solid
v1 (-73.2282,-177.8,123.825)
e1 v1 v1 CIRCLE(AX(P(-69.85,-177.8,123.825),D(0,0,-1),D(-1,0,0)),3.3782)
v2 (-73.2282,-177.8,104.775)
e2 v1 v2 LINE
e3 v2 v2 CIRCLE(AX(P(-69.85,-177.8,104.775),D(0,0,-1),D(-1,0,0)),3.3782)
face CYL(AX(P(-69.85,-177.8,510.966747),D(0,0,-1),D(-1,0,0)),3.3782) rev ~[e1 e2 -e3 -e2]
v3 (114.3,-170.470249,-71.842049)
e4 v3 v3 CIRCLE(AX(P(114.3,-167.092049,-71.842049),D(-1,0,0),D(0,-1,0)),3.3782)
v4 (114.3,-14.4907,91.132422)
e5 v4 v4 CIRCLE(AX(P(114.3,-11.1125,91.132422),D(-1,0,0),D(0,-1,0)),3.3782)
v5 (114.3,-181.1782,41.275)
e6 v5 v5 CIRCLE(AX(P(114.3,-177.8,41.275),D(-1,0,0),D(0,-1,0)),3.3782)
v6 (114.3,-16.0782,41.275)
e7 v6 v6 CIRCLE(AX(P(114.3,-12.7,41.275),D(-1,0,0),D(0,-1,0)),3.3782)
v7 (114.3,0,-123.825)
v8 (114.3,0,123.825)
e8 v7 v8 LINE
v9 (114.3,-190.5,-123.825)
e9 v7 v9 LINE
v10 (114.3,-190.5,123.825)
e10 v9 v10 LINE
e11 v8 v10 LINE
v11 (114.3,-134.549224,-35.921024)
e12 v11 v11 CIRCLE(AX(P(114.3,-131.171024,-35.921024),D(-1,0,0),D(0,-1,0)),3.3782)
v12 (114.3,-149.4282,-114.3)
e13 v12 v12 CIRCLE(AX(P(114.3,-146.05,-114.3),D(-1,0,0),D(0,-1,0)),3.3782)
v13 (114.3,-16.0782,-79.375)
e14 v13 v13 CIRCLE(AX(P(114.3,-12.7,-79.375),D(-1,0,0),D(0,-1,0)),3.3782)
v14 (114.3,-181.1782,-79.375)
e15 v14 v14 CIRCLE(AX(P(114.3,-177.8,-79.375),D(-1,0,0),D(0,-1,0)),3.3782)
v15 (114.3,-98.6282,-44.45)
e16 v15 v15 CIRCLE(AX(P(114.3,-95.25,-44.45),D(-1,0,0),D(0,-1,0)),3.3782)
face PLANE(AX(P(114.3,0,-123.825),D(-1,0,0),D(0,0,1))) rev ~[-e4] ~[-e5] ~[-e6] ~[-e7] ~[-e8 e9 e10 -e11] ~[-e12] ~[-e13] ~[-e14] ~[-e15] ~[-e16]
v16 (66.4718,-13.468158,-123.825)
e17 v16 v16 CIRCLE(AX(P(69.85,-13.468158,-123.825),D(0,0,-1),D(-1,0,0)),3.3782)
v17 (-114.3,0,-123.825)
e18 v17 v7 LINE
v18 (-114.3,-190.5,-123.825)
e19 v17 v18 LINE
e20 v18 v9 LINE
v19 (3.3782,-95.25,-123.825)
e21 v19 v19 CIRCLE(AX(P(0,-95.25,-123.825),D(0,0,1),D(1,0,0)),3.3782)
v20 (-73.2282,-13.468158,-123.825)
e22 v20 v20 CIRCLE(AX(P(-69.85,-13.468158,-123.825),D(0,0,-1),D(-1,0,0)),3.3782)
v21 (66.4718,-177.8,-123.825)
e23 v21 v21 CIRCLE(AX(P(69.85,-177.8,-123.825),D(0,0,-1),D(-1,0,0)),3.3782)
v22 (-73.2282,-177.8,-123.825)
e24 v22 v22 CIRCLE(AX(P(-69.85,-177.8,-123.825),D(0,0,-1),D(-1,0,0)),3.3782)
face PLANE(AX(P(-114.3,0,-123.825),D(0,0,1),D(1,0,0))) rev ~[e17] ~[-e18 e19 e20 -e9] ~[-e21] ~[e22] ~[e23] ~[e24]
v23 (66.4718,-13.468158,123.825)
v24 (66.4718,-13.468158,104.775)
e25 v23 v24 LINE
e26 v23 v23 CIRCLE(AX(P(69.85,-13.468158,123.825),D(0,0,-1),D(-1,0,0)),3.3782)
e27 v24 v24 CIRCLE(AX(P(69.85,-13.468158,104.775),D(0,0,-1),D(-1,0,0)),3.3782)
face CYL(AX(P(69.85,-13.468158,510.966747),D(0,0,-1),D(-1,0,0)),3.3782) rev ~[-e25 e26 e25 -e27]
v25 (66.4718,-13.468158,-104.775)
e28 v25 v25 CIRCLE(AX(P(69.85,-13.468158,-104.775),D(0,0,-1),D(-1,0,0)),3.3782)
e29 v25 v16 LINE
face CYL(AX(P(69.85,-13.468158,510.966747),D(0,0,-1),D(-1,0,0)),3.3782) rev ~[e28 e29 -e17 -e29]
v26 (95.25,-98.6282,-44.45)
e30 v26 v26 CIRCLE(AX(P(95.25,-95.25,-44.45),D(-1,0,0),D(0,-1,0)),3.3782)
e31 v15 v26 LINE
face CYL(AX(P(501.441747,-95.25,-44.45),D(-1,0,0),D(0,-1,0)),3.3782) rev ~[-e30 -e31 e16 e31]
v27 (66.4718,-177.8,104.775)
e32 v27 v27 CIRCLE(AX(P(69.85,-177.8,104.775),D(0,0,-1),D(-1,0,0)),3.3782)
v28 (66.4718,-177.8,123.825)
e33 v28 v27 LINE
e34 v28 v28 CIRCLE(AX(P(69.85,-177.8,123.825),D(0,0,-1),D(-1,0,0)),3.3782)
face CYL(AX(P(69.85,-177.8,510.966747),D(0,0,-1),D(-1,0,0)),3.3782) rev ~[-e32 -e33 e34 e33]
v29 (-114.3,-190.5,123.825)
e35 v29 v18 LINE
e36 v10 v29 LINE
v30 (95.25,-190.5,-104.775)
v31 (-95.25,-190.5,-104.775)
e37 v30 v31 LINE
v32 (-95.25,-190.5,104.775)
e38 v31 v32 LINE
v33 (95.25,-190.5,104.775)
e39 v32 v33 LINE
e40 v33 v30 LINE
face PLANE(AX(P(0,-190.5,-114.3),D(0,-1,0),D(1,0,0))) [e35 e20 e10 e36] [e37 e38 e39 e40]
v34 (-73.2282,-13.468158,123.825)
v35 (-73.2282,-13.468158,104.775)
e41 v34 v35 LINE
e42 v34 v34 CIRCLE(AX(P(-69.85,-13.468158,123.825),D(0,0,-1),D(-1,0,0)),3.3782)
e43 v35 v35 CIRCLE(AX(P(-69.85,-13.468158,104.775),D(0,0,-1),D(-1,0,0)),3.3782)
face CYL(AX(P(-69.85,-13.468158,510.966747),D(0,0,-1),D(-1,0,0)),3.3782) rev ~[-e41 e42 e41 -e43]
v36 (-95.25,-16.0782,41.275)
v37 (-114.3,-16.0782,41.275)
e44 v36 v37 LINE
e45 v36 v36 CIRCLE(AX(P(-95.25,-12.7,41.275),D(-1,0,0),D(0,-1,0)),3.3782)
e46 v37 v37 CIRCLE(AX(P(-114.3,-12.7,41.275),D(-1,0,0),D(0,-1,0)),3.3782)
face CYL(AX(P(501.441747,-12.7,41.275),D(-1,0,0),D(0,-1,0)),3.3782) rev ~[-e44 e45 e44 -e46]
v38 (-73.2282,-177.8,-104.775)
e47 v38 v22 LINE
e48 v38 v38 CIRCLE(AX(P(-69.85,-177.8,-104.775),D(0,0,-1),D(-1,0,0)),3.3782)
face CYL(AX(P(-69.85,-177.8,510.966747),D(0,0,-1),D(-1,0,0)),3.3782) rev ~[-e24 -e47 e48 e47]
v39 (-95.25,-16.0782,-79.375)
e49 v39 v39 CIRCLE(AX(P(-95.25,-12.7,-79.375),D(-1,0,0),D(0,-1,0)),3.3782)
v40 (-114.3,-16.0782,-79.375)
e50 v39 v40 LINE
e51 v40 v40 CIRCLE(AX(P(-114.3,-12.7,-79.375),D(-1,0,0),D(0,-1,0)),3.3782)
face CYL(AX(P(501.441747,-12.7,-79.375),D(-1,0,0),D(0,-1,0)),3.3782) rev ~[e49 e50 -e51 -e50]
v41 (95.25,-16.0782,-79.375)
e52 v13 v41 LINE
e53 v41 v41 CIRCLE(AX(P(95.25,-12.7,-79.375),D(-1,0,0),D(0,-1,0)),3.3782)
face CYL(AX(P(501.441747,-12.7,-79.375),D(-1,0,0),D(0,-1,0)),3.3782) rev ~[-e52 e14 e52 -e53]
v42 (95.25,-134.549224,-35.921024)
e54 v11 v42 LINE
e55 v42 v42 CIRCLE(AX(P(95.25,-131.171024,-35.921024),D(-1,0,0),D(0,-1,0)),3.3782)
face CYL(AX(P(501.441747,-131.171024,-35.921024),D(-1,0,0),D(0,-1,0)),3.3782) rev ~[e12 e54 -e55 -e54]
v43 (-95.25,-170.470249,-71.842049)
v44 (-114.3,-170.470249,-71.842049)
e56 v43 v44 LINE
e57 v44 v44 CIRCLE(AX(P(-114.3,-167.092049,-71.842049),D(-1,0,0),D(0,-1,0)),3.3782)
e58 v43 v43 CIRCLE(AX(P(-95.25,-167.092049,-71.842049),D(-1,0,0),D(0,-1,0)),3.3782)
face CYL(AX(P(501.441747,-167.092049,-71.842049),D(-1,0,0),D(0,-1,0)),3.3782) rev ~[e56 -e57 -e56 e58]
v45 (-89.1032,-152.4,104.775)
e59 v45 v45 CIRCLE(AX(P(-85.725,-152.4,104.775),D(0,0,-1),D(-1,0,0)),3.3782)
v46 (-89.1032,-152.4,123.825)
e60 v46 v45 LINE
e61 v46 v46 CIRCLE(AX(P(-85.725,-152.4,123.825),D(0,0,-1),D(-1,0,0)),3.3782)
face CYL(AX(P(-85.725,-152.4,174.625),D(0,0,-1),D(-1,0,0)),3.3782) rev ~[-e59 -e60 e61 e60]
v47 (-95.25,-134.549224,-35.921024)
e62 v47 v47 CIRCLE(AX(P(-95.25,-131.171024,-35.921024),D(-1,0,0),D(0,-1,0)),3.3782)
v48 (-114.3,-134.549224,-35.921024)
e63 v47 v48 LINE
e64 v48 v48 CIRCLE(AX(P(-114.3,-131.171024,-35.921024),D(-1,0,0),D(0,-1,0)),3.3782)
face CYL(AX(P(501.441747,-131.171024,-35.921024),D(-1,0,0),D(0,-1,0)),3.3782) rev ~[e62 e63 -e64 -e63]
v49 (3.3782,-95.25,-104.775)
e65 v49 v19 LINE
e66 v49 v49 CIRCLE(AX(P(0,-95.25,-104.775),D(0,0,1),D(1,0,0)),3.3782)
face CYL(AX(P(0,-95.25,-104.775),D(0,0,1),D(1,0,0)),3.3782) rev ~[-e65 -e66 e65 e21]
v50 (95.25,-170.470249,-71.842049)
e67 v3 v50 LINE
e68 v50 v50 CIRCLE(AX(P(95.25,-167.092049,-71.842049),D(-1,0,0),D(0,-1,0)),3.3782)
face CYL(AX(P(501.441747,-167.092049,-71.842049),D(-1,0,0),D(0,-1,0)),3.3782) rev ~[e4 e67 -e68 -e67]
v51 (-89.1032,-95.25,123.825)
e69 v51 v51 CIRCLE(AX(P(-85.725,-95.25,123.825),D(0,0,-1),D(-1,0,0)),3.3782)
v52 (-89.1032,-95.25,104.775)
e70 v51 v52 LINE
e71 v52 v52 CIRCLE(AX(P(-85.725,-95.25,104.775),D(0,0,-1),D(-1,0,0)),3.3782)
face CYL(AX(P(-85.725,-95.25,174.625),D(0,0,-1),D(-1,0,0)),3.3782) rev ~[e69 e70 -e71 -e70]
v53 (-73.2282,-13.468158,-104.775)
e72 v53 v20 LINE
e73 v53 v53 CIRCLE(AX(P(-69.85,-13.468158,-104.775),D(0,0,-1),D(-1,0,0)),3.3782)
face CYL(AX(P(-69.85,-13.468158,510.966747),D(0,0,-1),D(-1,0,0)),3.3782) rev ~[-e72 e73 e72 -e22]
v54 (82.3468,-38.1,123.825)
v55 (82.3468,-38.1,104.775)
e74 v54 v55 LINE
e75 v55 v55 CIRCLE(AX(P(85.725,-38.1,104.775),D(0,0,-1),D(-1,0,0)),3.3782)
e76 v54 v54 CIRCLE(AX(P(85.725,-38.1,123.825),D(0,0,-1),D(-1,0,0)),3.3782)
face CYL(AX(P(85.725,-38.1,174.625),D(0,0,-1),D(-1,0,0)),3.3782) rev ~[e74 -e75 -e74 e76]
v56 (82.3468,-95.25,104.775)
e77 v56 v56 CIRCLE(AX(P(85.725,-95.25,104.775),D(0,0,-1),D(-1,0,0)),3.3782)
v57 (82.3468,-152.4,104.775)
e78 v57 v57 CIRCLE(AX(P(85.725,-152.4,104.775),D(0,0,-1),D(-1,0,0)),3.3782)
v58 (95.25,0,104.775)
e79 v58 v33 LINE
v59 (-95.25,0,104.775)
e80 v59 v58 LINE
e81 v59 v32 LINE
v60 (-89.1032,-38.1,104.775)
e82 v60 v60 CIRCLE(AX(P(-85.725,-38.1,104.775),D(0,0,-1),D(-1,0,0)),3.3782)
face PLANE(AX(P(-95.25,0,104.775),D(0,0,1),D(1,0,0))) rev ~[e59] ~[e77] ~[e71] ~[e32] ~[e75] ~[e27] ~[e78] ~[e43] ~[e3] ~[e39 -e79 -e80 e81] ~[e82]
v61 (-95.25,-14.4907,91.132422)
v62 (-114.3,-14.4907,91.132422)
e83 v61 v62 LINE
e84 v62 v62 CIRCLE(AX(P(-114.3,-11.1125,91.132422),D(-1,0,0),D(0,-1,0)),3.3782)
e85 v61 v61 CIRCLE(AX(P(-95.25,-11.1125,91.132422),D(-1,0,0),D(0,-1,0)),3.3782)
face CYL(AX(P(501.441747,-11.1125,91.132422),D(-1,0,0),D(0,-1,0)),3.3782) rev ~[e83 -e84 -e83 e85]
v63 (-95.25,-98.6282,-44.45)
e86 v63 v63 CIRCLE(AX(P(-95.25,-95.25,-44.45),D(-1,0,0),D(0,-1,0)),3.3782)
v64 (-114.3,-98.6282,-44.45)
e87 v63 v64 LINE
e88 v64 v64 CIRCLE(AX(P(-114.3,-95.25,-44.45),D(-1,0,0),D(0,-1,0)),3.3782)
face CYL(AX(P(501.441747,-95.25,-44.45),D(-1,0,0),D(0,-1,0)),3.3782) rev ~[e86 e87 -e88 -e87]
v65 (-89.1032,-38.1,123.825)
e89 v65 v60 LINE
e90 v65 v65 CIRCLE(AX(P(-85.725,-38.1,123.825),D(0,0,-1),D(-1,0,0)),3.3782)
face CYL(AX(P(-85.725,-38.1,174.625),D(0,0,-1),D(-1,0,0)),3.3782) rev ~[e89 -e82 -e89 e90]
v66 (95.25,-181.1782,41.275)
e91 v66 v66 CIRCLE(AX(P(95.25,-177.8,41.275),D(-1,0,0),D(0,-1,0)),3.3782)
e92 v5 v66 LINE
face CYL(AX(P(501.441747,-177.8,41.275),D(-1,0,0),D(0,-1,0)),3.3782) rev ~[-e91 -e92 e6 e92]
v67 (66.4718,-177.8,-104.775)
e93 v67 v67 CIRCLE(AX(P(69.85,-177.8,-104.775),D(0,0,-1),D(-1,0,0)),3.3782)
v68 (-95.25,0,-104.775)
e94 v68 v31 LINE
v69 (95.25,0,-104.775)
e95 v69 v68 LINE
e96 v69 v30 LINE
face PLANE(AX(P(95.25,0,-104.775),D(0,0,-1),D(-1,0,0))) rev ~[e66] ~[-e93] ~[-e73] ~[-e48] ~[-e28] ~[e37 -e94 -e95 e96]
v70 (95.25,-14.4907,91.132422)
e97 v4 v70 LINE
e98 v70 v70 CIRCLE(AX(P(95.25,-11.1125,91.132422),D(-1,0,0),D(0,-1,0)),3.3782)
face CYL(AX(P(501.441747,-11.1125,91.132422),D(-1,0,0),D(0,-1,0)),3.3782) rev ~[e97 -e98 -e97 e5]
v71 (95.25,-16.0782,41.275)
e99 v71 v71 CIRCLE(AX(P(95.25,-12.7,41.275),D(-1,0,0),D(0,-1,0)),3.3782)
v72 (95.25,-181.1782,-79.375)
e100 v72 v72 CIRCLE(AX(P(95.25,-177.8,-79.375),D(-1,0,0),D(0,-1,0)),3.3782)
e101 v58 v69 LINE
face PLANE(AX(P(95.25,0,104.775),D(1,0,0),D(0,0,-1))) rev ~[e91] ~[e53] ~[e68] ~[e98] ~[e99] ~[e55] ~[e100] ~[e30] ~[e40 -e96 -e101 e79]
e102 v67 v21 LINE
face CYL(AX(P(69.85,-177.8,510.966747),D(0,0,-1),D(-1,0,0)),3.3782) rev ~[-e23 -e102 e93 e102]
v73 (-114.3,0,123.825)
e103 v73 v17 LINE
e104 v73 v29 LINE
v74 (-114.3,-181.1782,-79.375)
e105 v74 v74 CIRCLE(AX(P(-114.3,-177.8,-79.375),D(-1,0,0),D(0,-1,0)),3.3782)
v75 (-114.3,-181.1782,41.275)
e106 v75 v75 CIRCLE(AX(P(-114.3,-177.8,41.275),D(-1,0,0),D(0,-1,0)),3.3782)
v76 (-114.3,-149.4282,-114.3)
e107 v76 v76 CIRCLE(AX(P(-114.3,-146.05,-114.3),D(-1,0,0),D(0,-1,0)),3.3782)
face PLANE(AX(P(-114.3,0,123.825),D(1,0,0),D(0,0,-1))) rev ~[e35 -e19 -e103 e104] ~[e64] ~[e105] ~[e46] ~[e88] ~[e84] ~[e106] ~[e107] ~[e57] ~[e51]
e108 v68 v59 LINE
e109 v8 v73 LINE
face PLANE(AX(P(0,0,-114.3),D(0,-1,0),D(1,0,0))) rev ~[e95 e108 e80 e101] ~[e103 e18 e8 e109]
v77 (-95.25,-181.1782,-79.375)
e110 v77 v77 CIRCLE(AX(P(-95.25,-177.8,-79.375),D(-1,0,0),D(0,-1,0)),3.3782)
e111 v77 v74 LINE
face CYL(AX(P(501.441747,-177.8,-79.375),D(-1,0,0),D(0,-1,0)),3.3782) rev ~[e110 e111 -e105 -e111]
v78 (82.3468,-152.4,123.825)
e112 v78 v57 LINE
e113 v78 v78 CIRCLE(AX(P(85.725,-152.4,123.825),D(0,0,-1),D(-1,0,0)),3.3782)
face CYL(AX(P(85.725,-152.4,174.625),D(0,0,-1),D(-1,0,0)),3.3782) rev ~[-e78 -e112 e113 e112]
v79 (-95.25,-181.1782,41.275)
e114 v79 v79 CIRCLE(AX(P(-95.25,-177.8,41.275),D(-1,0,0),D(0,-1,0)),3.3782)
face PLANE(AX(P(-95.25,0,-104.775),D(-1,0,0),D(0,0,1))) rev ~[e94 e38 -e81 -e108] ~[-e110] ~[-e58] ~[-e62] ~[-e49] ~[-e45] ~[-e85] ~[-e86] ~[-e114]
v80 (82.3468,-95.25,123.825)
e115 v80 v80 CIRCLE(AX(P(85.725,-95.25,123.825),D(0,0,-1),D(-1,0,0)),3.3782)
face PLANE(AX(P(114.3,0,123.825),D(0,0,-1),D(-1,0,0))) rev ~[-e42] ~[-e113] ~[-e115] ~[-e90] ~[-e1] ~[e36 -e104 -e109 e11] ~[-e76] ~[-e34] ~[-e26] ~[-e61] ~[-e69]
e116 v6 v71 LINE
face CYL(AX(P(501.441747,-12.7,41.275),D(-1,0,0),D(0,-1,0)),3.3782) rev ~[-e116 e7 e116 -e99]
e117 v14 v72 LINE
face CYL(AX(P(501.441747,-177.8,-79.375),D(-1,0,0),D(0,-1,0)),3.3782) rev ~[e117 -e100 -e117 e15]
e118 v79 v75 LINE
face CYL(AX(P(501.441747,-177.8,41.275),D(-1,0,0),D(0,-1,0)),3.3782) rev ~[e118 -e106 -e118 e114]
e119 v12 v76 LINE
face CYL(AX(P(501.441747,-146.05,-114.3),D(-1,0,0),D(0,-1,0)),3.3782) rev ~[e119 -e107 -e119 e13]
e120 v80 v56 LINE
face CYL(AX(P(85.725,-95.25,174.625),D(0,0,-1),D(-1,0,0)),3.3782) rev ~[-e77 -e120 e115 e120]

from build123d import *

# Parameters (mm, degrees)
F1_DEPTH  = 190.5
F3_D      = 6.7564
F3_DEPTH  = 50.8
F3_TIP    = 2.0298273432
F5_D      = 6.7564
F7_D      = 6.7564
F9_D      = 6.7564
F11_D     = 6.7564
F11_DEPTH = 19.051
F13_D     = 6.7564


with BuildPart() as f1:
    # F0 (on Front) → F1 (new body)
    with BuildSketch(Plane.XZ):
        Polygon((114.3, -104.775), (95.25, -104.775), (19.05, -104.775), (-44.45, -104.775), (-95.25, -104.775), (-114.3, -104.775), (-114.3, -123.825), (114.3, -123.825), align=None)
        Polygon((95.25, -53.975), (95.25, -104.775), (114.3, -104.775), (114.3, 104.775), (95.25, 104.775), (95.25, 95.25), (95.25, 19.05), (95.25, 9.4333598495), (95.25, -28.575), align=None)
        Polygon((95.25, 104.775), (114.3, 104.775), (114.3, 123.825), (-114.3, 123.825), (-114.3, 104.775), (-95.25, 104.775), align=None)
        Polygon((-114.3, -104.775), (-95.25, -104.775), (-95.25, -53.975), (-95.25, -28.575), (-95.25, 22.225), (-95.25, 104.775), (-114.3, 104.775), align=None)
    extrude(amount=F1_DEPTH)

    # F3
    with Locations(Plane.XY.offset(123.825)):
        with Locations((-85.725, -38.1), (-85.725, -95.25), (-85.725, -152.4), (85.725, -152.4), (85.725, -95.25), (85.725, -38.1)):
            Hole(F3_D / 2, depth=F3_DEPTH)
            with Locations((0, 0, -(F3_DEPTH + F3_TIP / 2))):  # 118° drill point
                Cone(0, F3_D / 2, F3_TIP, mode=Mode.SUBTRACT)

    # F5 (through all)
    with Locations(Plane.XY.offset(123.825)):
        with Locations((-69.85, -13.4681584314), (69.85, -13.4681584314), (69.85, -177.8), (-69.85, -177.8)):
            Hole(F5_D / 2)

    # F7 (through all)
    with Locations(Plane.YZ.offset(114.3)):
        with Locations((-177.8, 41.275), (-12.7, 41.275), (-12.7, -79.375), (-177.8, -79.375)):
            Hole(F7_D / 2)

    # F9 (through all)
    with Locations(Plane.YZ.offset(114.3)):
        with Locations((-95.25, -44.45)):
            Hole(F9_D / 2)

    # F11 (through all, one way)
    with BuildSketch(Plane.XY.offset(-104.775)):
        with Locations((0, -95.25)):
            Circle(F11_D / 2)
    extrude(amount=-F11_DEPTH, mode=Mode.SUBTRACT)

    # F13 (through all)
    with Locations(Plane.YZ.offset(114.3)):
        with Locations((-146.05, -114.3), (-11.1125, 91.132421875), (-131.1710244843, -35.9210244843), (-167.0920489686, -71.8420489686)):
            Hole(F13_D / 2)


solid = f1.part
